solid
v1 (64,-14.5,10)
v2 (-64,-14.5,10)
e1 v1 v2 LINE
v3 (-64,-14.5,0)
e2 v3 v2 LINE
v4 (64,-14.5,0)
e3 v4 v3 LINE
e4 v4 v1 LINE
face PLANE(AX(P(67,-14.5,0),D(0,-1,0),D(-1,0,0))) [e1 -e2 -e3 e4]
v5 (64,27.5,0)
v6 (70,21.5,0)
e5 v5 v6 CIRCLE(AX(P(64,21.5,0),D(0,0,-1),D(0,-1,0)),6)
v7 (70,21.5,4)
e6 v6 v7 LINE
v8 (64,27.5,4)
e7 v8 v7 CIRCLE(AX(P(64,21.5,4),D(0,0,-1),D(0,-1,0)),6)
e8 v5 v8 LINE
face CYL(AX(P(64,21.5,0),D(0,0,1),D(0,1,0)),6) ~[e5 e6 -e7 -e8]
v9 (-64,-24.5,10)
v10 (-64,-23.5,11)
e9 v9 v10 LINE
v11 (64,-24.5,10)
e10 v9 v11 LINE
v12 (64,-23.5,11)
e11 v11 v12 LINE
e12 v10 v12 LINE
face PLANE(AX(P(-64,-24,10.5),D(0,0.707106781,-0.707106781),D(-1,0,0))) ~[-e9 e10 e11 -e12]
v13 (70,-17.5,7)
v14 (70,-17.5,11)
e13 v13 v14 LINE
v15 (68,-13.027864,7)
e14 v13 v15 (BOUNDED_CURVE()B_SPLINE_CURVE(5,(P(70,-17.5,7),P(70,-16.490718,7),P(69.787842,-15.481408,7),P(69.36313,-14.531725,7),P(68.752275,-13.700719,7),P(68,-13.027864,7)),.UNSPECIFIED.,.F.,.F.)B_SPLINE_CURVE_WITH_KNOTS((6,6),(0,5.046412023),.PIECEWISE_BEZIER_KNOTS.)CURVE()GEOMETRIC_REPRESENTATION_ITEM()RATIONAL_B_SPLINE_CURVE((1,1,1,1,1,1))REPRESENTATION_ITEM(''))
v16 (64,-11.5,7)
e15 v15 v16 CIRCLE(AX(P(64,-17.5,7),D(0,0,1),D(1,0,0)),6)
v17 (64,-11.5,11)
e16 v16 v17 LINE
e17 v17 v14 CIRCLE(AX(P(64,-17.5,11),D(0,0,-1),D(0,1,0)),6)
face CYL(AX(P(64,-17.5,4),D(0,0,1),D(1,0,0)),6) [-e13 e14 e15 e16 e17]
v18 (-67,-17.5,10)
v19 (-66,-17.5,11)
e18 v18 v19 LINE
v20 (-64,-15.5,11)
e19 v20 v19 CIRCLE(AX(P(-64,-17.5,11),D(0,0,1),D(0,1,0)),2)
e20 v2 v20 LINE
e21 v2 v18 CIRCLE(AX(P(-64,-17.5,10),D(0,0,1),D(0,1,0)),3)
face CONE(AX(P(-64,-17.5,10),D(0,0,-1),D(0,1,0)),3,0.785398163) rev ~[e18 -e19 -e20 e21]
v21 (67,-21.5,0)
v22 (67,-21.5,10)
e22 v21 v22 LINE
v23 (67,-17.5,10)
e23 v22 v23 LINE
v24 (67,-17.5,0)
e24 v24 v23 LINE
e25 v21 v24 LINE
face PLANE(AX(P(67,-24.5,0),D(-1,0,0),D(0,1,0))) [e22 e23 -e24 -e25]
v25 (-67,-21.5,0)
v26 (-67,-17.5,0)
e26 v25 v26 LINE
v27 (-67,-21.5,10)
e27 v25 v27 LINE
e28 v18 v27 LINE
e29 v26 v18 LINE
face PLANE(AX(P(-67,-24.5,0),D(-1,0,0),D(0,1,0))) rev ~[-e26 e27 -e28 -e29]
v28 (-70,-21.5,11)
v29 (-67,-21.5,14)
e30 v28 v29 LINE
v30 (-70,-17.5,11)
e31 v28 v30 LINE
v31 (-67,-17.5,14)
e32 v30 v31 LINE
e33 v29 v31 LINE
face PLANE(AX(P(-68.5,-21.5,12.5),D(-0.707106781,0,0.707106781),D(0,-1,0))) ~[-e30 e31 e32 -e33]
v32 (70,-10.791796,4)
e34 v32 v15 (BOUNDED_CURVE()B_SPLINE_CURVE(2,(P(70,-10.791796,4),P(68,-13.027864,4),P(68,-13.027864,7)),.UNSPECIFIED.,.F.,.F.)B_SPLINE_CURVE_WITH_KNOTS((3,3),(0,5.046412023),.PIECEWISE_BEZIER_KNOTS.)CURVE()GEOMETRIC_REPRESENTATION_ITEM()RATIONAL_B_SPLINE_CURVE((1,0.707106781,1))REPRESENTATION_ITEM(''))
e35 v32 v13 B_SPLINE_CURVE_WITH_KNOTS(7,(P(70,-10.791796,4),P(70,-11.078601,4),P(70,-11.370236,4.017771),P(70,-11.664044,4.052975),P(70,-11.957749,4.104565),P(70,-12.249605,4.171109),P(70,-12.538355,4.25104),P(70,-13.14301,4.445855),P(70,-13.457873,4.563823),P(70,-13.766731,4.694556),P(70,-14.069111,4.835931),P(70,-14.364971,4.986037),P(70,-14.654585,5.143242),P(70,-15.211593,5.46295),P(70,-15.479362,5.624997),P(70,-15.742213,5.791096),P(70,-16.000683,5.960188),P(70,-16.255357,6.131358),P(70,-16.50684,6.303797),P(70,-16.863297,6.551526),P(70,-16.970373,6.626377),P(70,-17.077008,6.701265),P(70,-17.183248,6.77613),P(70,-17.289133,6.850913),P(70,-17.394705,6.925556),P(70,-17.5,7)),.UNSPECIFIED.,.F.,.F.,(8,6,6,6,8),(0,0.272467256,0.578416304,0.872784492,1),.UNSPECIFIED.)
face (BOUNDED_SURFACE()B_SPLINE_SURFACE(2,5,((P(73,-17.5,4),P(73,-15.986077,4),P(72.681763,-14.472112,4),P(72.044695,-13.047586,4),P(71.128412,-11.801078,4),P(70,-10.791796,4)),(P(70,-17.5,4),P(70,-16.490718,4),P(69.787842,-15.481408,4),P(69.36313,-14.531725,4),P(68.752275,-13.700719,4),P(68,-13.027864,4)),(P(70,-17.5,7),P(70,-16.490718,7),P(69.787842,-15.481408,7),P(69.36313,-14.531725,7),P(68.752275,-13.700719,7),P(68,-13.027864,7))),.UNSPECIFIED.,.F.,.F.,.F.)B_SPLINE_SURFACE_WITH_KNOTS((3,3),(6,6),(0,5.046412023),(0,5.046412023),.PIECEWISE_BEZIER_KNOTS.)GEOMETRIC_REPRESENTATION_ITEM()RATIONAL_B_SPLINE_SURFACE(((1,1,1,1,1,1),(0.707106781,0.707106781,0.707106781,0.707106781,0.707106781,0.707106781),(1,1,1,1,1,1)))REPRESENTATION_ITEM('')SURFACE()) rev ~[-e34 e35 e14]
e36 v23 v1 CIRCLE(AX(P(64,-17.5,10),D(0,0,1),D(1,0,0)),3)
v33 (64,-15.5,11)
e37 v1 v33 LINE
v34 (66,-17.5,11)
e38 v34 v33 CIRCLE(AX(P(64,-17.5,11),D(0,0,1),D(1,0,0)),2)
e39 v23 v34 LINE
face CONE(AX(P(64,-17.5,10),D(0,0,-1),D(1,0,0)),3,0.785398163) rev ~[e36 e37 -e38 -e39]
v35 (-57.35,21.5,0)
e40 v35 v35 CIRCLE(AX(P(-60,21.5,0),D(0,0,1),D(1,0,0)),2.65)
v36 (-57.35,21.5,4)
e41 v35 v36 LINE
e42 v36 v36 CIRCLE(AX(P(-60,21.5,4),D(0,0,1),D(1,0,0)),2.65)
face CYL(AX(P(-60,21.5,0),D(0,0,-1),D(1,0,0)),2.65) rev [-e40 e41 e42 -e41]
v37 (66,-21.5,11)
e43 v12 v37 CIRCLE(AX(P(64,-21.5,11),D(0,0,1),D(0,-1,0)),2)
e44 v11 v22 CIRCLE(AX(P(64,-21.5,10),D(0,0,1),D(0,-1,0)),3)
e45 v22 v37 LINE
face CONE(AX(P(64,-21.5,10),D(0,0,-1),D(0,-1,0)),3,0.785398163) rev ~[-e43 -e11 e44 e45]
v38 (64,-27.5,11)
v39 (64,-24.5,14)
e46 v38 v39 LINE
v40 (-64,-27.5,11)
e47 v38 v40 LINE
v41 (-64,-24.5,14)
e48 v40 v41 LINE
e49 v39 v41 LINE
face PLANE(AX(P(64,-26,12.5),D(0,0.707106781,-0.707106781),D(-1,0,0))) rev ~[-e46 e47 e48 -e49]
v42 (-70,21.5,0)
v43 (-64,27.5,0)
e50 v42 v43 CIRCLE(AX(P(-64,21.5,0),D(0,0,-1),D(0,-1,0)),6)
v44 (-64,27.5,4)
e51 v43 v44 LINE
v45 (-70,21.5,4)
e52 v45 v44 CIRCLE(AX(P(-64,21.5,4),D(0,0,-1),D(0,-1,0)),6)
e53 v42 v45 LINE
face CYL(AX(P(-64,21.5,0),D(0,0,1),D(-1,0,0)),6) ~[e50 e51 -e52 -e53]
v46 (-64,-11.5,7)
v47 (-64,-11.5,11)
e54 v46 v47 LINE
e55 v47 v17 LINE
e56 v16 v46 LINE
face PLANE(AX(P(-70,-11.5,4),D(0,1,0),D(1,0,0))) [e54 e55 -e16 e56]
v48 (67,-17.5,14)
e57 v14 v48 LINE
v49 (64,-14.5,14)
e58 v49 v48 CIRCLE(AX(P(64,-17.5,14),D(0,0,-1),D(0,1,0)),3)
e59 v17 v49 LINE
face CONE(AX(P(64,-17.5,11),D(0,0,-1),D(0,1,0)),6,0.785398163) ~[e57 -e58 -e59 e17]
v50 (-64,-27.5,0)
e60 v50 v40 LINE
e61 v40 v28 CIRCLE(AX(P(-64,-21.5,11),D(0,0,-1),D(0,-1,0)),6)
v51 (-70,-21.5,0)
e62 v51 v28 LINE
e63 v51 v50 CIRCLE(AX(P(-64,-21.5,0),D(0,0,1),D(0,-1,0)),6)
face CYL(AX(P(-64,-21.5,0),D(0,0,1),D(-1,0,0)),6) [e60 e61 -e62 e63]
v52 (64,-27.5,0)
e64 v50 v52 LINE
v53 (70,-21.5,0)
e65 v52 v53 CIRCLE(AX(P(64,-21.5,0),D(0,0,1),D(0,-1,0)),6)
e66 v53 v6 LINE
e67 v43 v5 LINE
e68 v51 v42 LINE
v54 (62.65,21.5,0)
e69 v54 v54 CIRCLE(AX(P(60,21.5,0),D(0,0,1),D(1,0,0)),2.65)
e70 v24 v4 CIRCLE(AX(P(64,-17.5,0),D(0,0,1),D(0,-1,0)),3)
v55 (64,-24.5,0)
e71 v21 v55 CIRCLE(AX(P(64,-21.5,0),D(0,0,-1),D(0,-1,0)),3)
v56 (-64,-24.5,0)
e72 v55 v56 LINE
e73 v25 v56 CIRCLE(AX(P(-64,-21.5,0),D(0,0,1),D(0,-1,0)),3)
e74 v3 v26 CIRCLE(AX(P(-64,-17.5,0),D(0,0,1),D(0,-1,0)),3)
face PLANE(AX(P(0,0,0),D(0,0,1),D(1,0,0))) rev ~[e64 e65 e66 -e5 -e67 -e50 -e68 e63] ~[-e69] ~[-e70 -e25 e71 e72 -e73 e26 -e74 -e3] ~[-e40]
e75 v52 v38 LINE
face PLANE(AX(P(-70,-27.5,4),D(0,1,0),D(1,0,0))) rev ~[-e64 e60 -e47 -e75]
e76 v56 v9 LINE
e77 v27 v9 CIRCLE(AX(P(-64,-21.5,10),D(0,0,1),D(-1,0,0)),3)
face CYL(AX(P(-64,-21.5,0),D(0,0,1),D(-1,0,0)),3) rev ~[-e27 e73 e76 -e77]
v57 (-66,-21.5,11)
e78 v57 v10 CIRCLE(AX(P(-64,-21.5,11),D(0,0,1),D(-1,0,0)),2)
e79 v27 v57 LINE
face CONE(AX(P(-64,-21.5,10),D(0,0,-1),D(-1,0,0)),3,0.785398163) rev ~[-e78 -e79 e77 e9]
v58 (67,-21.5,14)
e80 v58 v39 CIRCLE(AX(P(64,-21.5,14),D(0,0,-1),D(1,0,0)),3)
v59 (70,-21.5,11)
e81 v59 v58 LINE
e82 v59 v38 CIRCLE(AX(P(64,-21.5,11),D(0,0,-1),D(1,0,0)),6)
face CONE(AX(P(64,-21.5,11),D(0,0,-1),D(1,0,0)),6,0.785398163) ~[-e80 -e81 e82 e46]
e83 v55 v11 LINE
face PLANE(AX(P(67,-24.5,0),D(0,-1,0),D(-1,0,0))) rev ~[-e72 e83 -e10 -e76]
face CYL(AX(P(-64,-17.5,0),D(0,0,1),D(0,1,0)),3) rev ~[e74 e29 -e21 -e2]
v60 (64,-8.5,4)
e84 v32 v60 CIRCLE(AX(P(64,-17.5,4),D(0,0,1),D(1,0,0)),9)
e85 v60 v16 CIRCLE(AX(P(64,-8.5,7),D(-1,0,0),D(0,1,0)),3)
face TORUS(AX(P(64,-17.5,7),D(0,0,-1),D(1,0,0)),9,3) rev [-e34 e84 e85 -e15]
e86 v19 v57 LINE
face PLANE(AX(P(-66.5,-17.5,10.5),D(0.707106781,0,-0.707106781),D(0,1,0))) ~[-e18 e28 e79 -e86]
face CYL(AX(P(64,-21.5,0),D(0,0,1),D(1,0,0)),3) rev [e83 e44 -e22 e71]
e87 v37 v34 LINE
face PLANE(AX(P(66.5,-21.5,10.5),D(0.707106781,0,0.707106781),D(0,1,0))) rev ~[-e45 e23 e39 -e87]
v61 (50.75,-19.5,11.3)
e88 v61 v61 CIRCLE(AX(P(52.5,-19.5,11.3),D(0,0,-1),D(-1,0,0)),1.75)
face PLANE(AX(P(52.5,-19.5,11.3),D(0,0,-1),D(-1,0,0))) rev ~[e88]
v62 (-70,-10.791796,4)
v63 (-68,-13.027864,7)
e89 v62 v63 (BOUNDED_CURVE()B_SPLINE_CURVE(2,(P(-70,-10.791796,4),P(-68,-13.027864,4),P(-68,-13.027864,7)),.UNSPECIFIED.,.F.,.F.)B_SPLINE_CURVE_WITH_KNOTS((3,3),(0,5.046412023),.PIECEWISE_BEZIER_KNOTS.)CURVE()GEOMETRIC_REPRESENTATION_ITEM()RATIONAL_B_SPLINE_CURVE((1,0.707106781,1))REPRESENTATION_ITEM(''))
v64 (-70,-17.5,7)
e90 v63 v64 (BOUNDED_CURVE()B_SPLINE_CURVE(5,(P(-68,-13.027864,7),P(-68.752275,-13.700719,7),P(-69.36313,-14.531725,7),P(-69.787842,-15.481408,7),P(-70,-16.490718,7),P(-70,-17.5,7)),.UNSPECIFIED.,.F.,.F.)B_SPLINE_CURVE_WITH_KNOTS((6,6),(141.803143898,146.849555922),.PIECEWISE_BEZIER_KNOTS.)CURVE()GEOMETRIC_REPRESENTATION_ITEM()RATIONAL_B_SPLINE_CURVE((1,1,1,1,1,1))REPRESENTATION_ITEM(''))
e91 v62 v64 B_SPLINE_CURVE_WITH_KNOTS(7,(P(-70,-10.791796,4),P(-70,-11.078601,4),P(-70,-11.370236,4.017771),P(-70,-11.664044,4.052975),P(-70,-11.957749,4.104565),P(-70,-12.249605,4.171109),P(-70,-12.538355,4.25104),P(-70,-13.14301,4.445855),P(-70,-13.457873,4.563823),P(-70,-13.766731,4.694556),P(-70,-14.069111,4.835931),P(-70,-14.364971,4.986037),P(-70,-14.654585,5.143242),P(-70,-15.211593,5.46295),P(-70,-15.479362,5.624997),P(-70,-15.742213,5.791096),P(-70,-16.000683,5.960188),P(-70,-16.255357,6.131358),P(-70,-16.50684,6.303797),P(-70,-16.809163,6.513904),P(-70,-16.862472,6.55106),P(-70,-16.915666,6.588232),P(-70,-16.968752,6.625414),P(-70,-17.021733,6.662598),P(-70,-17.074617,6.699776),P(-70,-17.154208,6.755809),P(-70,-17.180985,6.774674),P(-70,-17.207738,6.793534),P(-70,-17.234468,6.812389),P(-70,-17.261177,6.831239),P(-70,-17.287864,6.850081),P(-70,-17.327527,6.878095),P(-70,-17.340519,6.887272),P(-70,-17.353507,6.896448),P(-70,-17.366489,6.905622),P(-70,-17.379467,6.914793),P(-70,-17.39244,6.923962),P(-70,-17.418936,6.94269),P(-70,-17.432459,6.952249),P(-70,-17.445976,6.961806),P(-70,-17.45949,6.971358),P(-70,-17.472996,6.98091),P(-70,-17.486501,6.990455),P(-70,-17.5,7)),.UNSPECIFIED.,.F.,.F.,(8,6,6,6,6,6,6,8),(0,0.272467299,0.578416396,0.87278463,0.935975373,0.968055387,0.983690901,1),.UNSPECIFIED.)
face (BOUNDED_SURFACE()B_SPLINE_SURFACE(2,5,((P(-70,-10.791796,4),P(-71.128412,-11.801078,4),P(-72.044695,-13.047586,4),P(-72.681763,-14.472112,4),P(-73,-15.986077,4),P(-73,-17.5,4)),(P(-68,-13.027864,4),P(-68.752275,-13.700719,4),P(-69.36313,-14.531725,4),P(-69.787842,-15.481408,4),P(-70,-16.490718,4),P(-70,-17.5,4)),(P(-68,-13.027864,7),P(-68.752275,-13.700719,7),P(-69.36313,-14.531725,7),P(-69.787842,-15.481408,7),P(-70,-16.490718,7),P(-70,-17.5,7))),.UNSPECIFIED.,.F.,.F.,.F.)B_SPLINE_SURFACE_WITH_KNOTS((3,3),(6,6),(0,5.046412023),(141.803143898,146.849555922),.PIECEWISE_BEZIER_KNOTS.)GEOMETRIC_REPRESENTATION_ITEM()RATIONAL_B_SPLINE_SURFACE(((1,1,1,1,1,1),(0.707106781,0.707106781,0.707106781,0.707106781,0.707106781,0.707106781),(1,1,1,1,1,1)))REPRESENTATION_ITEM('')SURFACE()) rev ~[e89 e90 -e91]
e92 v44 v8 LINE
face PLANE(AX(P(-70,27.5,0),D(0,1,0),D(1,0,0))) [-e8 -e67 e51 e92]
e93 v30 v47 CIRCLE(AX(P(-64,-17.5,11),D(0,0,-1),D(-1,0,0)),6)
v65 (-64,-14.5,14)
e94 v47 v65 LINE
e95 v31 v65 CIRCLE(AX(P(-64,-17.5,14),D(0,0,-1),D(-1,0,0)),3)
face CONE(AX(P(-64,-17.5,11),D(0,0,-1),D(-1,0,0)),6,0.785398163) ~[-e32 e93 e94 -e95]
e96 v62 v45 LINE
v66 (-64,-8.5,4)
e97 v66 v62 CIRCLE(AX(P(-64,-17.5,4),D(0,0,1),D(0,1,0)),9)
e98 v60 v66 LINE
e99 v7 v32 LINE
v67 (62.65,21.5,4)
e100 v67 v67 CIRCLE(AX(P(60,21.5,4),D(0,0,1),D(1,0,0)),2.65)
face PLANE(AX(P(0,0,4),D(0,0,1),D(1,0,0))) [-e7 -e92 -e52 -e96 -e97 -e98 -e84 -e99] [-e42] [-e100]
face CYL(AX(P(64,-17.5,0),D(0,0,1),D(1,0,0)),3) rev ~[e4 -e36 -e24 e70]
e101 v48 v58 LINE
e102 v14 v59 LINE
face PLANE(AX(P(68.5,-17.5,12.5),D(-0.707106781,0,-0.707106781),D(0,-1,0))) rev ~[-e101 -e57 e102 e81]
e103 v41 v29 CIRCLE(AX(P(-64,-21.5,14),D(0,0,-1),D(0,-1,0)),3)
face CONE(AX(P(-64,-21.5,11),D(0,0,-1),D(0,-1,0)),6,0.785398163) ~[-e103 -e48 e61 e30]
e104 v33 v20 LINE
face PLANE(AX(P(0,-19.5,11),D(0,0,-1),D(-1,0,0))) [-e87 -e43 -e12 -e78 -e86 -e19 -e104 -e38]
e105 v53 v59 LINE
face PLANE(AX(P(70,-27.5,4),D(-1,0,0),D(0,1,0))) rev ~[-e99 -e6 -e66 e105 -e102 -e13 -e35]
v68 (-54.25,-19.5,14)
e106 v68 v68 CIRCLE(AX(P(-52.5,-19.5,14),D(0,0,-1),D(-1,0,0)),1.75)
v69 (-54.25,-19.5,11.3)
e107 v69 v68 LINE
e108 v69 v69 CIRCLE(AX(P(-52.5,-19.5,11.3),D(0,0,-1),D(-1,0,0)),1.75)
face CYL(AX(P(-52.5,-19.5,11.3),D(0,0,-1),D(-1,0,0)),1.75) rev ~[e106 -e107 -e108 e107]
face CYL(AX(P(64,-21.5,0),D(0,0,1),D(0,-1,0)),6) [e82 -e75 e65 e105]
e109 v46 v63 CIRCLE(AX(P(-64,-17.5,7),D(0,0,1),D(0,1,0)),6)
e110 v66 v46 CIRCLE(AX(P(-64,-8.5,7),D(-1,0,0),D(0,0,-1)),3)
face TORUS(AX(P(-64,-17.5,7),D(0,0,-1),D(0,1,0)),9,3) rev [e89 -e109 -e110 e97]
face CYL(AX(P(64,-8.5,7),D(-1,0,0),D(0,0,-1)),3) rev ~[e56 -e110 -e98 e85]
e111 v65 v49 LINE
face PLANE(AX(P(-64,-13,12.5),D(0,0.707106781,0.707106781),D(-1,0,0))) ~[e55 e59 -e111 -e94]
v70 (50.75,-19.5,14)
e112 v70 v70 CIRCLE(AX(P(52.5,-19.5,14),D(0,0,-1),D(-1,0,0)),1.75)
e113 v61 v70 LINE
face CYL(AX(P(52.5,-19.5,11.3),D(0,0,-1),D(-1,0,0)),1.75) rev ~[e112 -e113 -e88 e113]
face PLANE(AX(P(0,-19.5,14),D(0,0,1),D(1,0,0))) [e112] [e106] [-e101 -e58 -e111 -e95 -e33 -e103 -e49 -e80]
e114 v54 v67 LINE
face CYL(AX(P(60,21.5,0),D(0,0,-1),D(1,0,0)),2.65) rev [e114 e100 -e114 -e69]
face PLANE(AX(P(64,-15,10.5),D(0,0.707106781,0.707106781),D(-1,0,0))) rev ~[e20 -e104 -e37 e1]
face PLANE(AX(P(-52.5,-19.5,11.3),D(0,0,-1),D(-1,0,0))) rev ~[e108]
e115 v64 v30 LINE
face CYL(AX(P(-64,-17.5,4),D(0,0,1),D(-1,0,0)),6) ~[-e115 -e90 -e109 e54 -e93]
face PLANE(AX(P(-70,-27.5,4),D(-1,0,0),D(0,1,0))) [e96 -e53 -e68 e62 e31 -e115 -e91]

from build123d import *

# Parameters (mm, degrees)
SKETCH1_W           = 140
SKETCH1_H           = 55
SKETCH1_R           = 2.65
BOSS_EXTRUDE1_DEPTH = 4
SKETCH2_W           = 140
SKETCH2_H           = 16
BOSS_EXTRUDE2_DEPTH = 10
SKETCH3_W           = 134
SKETCH3_H           = 10
CUT_EXTRUDE1_DEPTH  = 11
CUT_EXTRUDE2_START  = -0.3
SKETCH4_R           = 1.75
CUT_EXTRUDE2_DEPTH  = 76.708223239
FILLET1_R           = 3
FILLET2_R           = 6
FILLET3_R           = 3
CHAMFER1_SIZE       = 1
CHAMFER2_SIZE       = 3


with BuildPart() as part:
    # Sketch1 → Boss-Extrude1 (new body)
    with BuildSketch(Plane.XY):
        Rectangle(SKETCH1_W, SKETCH1_H)
        with Locations((-60, 21.5)):
            Circle(SKETCH1_R, mode=Mode.SUBTRACT)
        with Locations((60, 21.5)):
            Circle(SKETCH1_R, mode=Mode.SUBTRACT)
    extrude(amount=BOSS_EXTRUDE1_DEPTH)

    # Sketch2 → Boss-Extrude2 (add)
    with BuildSketch(Plane.XY.offset(4)):
        with Locations((0, -19.5)):
            Rectangle(SKETCH2_W, SKETCH2_H)
    extrude(amount=BOSS_EXTRUDE2_DEPTH)

    # Sketch3 → Cut-Extrude1 (cut)
    with BuildSketch(Plane(origin=(0, 0, 0), x_dir=(-1, 0, 0), z_dir=(0, 0, -1))):
        with Locations((0, -19.5)):
            Rectangle(SKETCH3_W, SKETCH3_H)
    extrude(amount=-CUT_EXTRUDE1_DEPTH, mode=Mode.SUBTRACT)

    # Sketch4 → Cut-Extrude2 (cut, through all)
    with BuildSketch(Plane(origin=(0, 0, 11), x_dir=(-1, 0, 0), z_dir=(0, 0, -1)).offset(CUT_EXTRUDE2_START)):
        with Locations((52.5, -19.5)):
            Circle(SKETCH4_R)
        with Locations((-52.5, -19.5)):
            Circle(SKETCH4_R)
    extrude(amount=-CUT_EXTRUDE2_DEPTH, mode=Mode.SUBTRACT)

    # Fillet1
    fillet1_edges = [part.edges().sort_by_distance(p)[0] for p in [
        (67, -14.5, 5.5),
        (67, -24.5, 5.5),
        (-67, -24.5, 5.5),
        (-67, -14.5, 5.5),
    ]]
    fillet(fillet1_edges, radius=FILLET1_R)

    # Fillet2
    fillet2_edges = [part.edges().sort_by_distance(p)[0] for p in [
        (70, -11.5, 9),
        (-70, -11.5, 9),
        (70, -27.5, 7),
        (-70, -27.5, 7),
        (-70, 27.5, 2),
        (70, 27.5, 2),
    ]]
    fillet(fillet2_edges, radius=FILLET2_R)

    # Fillet3
    fillet3_edges = [part.edges().sort_by_distance(p)[0] for p in [
        (68.242640687, -13.257359313, 4),
        (0, -11.5, 4),
        (-68.242640687, -13.257359313, 4),
    ]]
    fillet(fillet3_edges, radius=FILLET3_R)

    # Chamfer1
    chamfer1_edges = [part.edges().sort_by_distance(p)[0] for p in [
        (0, -14.5, 11),
        (-67, -19.5, 11),
        (67, -19.5, 11),
        (0, -24.5, 11),
        (66.121320344, -15.378679656, 11),
        (66.121320344, -23.621320344, 11),
        (-66.121320344, -23.621320344, 11),
        (-66.121320344, -15.378679656, 11),
    ]]
    chamfer(chamfer1_edges, length=CHAMFER1_SIZE)

    # Chamfer2
    chamfer2_edges = [part.edges().sort_by_distance(p)[0] for p in [
        (-70, -19.5, 14),
        (0, -11.5, 14),
        (70, -19.5, 14),
        (0, -27.5, 14),
        (68.242640687, -25.742640687, 14),
        (68.242640687, -13.257359313, 14),
        (-68.242640687, -25.742640687, 14),
        (-68.242640687, -13.257359313, 14),
    ]]
    chamfer(chamfer2_edges, length=CHAMFER2_SIZE)


solid = part.part
